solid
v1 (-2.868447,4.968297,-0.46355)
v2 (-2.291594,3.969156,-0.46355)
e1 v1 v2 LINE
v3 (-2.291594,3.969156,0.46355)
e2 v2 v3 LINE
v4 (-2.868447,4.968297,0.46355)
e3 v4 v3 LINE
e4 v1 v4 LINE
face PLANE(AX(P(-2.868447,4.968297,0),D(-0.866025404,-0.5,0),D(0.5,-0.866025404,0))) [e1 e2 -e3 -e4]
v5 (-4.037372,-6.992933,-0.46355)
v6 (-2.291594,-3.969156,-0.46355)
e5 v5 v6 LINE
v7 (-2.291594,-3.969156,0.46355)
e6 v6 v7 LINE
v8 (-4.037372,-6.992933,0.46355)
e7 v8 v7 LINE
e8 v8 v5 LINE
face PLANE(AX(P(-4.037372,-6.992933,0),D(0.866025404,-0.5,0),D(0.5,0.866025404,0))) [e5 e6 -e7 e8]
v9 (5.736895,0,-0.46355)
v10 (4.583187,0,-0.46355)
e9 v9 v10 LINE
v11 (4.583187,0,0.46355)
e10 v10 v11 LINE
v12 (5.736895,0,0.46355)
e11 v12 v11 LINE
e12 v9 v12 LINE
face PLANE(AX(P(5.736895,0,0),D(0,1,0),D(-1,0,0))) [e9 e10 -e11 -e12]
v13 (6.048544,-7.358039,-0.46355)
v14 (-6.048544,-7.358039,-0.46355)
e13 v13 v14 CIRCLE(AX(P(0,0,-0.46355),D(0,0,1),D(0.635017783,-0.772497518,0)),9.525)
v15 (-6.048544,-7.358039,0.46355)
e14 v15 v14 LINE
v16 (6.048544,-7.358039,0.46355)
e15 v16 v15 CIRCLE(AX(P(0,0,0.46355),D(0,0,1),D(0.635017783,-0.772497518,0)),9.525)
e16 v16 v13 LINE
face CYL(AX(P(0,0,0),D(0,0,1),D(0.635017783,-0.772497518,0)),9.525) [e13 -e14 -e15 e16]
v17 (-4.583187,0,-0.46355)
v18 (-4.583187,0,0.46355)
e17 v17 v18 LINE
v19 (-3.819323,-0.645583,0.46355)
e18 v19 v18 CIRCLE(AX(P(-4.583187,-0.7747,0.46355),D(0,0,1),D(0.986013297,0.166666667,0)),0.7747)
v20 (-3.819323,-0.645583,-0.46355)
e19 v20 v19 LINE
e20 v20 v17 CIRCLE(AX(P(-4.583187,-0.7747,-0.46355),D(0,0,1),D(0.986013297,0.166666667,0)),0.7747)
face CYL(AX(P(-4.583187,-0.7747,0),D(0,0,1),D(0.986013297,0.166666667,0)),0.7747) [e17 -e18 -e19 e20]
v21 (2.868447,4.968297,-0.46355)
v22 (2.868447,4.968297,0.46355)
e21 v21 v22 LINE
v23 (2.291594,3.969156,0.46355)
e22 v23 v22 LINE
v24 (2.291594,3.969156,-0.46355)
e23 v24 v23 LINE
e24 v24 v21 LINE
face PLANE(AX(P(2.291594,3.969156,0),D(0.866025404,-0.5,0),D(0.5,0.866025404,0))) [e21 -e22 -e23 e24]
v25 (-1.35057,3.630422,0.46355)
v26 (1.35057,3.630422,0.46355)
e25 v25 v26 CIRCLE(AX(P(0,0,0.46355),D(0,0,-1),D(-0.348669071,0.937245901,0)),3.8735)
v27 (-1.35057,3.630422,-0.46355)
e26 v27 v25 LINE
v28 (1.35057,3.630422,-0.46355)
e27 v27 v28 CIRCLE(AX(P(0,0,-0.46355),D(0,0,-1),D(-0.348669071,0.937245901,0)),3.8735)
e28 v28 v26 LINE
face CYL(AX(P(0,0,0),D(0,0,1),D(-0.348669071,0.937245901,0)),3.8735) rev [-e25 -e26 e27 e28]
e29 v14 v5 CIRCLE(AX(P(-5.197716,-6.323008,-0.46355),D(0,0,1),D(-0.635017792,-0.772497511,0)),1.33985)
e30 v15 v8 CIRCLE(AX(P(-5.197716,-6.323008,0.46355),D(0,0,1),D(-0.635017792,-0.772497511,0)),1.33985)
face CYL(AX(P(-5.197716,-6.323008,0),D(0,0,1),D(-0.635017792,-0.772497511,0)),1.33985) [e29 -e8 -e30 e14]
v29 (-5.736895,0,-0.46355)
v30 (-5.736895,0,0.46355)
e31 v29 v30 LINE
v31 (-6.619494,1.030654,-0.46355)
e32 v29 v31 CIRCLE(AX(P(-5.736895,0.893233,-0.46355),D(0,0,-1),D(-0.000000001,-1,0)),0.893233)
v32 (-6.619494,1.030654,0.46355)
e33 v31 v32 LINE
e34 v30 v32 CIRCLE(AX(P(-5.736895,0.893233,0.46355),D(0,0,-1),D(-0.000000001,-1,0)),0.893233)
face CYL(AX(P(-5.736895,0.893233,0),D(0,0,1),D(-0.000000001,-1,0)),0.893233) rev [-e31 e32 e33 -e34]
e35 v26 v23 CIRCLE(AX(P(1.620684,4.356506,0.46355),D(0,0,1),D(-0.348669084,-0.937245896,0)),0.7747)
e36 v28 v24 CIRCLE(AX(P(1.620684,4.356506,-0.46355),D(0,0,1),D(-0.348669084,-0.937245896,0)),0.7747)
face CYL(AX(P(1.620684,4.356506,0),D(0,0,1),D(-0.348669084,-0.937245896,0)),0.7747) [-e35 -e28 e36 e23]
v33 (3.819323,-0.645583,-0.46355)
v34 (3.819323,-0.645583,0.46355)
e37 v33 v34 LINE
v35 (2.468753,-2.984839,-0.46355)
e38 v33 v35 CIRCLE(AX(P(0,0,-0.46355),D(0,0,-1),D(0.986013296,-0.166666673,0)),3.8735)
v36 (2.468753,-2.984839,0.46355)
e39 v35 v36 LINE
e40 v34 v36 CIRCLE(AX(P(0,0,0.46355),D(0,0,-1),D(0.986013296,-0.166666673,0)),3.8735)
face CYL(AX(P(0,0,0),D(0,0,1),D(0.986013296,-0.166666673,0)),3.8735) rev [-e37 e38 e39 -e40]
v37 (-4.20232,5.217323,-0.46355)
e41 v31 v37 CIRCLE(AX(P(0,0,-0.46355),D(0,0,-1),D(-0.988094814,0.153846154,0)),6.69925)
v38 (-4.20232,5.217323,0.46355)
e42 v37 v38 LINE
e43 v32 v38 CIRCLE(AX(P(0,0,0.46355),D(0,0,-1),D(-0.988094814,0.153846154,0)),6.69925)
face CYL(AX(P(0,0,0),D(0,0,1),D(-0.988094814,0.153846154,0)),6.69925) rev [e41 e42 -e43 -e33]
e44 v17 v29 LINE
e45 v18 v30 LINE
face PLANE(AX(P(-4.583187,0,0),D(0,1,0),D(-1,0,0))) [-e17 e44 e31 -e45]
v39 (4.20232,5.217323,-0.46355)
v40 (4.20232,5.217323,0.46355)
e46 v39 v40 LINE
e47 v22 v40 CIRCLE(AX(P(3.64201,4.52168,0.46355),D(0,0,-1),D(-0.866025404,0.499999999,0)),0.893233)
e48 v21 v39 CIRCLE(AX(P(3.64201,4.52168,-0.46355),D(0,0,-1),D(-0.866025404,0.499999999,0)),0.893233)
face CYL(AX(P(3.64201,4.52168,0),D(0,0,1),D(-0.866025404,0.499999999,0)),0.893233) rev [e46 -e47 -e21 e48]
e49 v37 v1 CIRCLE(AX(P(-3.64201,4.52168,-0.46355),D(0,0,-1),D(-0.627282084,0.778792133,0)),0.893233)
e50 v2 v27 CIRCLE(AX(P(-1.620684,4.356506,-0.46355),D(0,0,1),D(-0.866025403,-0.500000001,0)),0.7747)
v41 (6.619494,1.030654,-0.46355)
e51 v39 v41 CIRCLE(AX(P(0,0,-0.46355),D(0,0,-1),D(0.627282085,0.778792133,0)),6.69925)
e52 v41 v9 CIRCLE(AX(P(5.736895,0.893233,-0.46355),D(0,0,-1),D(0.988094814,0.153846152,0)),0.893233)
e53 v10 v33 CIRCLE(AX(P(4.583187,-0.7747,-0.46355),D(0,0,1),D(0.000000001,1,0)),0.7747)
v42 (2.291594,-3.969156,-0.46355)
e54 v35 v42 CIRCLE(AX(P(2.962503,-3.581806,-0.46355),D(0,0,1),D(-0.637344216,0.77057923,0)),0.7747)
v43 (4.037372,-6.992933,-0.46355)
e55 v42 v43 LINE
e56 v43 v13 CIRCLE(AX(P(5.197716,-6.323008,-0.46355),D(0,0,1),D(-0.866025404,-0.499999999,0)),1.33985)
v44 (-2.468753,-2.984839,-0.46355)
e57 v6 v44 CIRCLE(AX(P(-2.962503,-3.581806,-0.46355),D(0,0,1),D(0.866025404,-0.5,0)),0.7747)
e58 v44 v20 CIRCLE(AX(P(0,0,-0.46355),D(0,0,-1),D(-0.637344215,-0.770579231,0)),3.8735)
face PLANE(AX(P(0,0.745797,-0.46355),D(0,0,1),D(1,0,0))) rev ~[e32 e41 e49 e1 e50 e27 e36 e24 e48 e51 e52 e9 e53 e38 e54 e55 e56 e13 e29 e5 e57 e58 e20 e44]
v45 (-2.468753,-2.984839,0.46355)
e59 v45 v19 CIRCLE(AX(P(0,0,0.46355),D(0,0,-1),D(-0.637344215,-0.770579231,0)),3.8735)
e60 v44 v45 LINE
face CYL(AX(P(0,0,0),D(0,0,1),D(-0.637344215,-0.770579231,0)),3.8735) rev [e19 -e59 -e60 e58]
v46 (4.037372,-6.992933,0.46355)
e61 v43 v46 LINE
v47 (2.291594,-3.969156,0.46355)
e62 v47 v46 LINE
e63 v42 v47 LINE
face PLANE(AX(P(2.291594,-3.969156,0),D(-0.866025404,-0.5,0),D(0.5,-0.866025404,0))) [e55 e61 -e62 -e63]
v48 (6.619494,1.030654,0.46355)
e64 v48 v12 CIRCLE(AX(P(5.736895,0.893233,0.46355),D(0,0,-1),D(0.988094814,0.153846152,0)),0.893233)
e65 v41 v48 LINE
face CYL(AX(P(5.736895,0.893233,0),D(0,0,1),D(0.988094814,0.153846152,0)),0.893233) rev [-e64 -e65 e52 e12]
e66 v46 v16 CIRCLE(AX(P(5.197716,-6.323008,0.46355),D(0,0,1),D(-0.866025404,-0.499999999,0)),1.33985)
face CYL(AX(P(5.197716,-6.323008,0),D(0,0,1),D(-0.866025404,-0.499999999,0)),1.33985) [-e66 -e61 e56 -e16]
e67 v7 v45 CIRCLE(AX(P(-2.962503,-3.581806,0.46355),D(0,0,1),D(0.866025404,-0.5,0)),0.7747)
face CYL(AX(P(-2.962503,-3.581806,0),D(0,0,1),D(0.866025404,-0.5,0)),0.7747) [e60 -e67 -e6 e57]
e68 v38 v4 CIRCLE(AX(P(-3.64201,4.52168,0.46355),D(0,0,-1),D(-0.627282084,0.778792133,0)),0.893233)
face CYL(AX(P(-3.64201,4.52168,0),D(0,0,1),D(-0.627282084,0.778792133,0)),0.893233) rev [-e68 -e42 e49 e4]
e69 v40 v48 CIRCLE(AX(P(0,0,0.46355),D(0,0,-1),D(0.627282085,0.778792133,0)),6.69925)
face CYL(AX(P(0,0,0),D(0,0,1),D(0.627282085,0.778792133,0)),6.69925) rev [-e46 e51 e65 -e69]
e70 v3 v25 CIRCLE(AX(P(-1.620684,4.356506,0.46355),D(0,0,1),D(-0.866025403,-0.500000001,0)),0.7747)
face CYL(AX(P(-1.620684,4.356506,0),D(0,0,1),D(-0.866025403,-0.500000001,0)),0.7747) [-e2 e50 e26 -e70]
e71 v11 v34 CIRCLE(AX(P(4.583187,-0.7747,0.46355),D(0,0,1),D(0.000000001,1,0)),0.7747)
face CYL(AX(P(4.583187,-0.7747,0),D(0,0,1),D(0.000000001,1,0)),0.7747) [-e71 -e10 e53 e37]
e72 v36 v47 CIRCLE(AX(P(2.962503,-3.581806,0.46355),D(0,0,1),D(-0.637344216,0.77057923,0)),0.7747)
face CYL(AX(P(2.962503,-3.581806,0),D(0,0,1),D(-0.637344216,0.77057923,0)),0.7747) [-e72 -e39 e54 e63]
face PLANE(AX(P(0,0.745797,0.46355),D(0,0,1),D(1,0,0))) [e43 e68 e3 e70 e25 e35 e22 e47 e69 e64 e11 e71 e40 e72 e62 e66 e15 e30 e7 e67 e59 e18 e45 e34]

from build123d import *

# Parameters (mm, degrees)
BOSS_EXTRUDE1_DEPTH      = 0.46355
BOSS_EXTRUDE1_DEPTH_BACK = 0.46355


with BuildPart() as part:
    # Sketch1 → Boss-Extrude1 (new, two sides: drawn at the far end of the back side and taken through both)
    with BuildSketch(Plane.XY.offset(-BOSS_EXTRUDE1_DEPTH_BACK)):
        with BuildLine():
            Line((-4.037371747, -6.992932995), (-2.291593504, -3.969156379))
            ThreePointArc((-2.291593504, -3.969156379), (-2.200054149, -3.444579363), (-2.46875282, -2.984838649))
            ThreePointArc((-2.46875282, -2.984838649), (-3.354549402, -1.93675), (-3.819322507, -0.645583333))
            ThreePointArc((-3.819322507, -0.645583333), (-4.083120308, -0.183013102), (-4.583187008, 0))
            Line((-4.583187008, 0), (-5.736894957, 0))
            ThreePointArc((-5.736894957, 0), (-6.415354377, 0.312235397), (-6.619494181, 1.030653846))
            ThreePointArc((-6.619494181, 1.030653846), (-5.801720686, 3.349625), (-4.202319504, 5.217323198))
            ThreePointArc((-4.202319504, 5.217323198), (-3.478080974, 5.399742167), (-2.868447478, 4.968296771))
            Line((-2.868447478, 4.968296771), (-2.291593504, 3.969156379))
            ThreePointArc((-2.291593504, 3.969156379), (-1.883066138, 3.627592457), (-1.350569645, 3.630421998))
            ThreePointArc((-1.350569645, 3.630421998), (2.2e-08, 3.8735), (1.350569686, 3.630421983))
            ThreePointArc((1.350569686, 3.630421983), (1.883066159, 3.627592464), (2.291593504, 3.969156379))
            Line((2.291593504, 3.969156379), (2.868447478, 4.968296771))
            ThreePointArc((2.868447478, 4.968296771), (3.478080974, 5.399742167), (4.202319504, 5.217323198))
            ThreePointArc((4.202319504, 5.217323198), (5.801720686, 3.349625), (6.619494181, 1.030653846))
            ThreePointArc((6.619494181, 1.030653846), (6.415354377, 0.312235397), (5.736894957, 0))
            Line((5.736894957, 0), (4.583187008, 0))
            ThreePointArc((4.583187008, 0), (4.083120299, -0.183013109), (3.819322503, -0.645583357))
            ThreePointArc((3.819322503, -0.645583357), (3.354549396, -1.93675001), (2.46875282, -2.984838649))
            ThreePointArc((2.46875282, -2.984838649), (2.200054149, -3.444579363), (2.291593504, -3.969156379))
            Line((2.291593504, -3.969156379), (4.037371747, -6.992932995))
            ThreePointArc((4.037371747, -6.992932995), (4.958392768, -7.64131087), (6.048544388, -7.358038855))
            ThreePointArc((6.048544388, -7.358038855), (5.5e-08, 9.525), (-6.048544474, -7.358038784))
            ThreePointArc((-6.048544474, -7.358038784), (-4.958392823, -7.641310879), (-4.037371747, -6.992932995))
        make_face()
    extrude(amount=BOSS_EXTRUDE1_DEPTH + BOSS_EXTRUDE1_DEPTH_BACK)


solid = part.part
